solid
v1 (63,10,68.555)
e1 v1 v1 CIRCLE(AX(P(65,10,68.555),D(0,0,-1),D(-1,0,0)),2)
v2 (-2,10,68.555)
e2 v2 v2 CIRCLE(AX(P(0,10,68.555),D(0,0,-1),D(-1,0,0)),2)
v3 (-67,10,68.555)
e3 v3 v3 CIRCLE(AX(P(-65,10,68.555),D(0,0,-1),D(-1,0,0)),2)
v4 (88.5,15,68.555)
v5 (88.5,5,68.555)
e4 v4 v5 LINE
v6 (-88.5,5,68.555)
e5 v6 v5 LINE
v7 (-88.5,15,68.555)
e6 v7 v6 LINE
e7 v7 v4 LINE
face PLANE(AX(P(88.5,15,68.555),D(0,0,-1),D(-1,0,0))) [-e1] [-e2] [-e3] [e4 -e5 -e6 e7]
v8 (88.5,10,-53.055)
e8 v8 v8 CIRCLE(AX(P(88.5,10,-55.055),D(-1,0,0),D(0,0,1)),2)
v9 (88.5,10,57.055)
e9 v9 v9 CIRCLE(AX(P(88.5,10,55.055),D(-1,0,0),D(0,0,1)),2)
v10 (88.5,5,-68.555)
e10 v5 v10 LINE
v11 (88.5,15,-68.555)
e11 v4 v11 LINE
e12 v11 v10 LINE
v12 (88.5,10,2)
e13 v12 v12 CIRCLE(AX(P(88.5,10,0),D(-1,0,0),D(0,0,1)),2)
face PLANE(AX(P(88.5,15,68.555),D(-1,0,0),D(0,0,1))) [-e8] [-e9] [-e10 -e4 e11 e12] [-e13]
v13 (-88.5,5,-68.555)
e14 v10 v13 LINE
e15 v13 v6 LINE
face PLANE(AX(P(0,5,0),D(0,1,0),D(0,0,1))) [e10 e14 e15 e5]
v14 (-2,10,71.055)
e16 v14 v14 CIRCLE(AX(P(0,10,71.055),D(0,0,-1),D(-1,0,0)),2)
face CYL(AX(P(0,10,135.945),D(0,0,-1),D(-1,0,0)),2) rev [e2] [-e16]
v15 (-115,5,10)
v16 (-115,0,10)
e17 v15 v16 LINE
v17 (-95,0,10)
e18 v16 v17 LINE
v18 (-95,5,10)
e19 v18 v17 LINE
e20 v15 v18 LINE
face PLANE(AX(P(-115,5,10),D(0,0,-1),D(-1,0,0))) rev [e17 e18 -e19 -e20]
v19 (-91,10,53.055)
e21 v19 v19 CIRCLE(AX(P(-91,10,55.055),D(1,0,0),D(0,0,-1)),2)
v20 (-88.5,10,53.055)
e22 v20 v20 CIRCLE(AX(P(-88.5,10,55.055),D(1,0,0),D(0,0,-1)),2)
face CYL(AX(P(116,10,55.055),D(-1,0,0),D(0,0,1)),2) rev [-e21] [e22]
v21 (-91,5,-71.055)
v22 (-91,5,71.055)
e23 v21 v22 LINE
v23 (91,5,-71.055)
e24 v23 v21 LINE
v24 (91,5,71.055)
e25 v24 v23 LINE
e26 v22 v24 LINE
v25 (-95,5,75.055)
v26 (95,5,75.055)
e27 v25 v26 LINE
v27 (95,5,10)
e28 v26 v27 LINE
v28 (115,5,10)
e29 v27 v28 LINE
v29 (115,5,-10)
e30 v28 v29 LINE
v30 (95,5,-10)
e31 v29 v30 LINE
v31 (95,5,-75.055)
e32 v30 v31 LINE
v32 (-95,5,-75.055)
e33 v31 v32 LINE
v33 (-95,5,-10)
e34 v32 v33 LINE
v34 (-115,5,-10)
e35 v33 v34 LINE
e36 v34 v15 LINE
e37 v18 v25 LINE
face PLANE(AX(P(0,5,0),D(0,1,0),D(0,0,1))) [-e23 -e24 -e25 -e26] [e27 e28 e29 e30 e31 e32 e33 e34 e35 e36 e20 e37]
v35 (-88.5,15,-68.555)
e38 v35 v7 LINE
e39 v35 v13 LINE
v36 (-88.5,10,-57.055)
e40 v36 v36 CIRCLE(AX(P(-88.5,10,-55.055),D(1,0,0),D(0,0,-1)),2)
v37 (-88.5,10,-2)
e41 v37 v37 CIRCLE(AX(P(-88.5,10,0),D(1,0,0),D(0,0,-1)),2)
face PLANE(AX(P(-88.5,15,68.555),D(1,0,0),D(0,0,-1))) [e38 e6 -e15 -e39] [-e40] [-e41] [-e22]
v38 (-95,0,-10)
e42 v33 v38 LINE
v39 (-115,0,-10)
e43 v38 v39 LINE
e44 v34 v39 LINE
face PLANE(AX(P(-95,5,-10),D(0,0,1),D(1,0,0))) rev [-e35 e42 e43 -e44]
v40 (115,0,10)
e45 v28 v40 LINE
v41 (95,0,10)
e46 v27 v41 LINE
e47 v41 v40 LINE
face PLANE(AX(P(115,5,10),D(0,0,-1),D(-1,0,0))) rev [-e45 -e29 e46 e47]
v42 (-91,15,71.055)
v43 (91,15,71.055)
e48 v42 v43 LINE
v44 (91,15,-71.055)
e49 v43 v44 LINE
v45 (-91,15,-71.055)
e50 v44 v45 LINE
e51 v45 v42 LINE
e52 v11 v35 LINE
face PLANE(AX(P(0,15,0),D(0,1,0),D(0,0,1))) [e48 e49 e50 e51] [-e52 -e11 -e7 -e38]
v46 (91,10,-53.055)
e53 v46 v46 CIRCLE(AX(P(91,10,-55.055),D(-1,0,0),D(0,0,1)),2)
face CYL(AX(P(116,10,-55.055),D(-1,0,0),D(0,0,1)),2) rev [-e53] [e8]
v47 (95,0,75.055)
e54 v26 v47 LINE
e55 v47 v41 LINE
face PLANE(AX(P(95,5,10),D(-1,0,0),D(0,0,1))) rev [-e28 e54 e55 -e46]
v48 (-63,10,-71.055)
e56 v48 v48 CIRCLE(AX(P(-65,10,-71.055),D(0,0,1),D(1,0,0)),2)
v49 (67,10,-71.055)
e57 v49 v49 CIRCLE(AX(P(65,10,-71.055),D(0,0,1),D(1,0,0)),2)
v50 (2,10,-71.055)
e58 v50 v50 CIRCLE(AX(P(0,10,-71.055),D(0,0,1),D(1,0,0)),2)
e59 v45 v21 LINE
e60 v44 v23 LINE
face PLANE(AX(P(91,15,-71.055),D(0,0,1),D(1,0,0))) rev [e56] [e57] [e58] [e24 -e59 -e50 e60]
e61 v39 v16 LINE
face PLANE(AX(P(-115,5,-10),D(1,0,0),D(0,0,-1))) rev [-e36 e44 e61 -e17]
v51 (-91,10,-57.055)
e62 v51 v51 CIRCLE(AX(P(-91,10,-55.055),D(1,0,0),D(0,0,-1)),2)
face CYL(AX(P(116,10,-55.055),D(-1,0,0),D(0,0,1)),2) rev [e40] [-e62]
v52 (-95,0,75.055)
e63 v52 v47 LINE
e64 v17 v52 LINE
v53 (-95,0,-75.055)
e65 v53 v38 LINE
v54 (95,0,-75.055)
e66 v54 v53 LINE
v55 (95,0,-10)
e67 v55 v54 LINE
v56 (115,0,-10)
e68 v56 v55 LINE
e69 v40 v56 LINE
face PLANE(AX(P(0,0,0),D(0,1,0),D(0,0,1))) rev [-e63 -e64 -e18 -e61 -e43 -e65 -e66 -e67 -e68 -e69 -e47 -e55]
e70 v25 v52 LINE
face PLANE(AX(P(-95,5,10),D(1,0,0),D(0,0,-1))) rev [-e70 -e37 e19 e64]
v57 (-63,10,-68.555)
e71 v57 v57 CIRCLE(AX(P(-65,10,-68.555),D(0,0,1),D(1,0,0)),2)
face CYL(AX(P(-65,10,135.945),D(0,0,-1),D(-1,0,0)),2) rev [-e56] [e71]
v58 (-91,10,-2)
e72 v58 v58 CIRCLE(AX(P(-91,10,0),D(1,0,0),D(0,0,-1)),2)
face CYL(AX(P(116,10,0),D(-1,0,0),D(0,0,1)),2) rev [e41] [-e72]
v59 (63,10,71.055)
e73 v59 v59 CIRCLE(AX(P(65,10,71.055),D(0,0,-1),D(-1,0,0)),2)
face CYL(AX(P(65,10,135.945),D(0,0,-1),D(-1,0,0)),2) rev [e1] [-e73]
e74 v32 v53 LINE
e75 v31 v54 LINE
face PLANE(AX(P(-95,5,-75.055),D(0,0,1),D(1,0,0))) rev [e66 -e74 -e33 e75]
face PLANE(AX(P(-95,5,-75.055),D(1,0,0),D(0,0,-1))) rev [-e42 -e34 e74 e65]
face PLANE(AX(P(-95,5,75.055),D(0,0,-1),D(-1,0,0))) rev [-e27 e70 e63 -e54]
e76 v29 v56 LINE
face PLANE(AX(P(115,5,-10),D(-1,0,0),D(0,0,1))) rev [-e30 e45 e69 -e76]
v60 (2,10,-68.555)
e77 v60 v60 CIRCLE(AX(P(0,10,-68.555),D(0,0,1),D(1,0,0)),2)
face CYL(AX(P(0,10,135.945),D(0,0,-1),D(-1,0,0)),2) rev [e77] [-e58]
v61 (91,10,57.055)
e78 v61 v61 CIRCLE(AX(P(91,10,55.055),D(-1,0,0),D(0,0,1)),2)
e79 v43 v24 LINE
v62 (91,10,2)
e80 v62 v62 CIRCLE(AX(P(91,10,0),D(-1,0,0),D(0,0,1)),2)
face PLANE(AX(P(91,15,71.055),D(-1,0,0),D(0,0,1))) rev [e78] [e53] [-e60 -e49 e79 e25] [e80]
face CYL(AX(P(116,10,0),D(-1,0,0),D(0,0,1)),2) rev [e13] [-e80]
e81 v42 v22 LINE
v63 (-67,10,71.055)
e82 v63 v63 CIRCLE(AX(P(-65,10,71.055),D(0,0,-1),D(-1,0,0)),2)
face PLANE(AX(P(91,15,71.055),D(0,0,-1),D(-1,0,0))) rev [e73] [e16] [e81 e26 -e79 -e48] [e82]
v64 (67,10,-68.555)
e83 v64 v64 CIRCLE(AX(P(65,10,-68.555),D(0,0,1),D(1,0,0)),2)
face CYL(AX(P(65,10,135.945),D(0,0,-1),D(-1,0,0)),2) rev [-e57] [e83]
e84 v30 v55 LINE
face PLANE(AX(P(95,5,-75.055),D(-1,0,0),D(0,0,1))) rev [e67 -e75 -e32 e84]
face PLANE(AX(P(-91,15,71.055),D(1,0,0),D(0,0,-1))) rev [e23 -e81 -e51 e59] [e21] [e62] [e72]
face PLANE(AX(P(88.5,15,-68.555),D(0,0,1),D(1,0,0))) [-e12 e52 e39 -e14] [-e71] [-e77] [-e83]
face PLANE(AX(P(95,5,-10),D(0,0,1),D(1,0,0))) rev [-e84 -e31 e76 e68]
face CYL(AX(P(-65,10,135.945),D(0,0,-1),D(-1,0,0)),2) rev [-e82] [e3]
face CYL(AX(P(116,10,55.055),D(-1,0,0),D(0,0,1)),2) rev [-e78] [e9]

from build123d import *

# Parameters (mm, degrees)
BOSS_EXTRUDE1_DEPTH = 5
SKETCH3_W           = 182
SKETCH3_H           = 142.11
SKETCH3_W_2         = 177
SKETCH3_H_2         = 137.11
BOSS_EXTRUDE2_DEPTH = 10
SKETCH6_R           = 2
CUT_EXTRUDE3_DEPTH  = 211
SKETCH8_R           = 2
CUT_EXTRUDE4_DEPTH  = 211


with BuildPart() as part:
    # Sketch1 → Boss-Extrude1 (new body)
    with BuildSketch(Plane(origin=(0, 0, 0), x_dir=(1, 0, 0), z_dir=(0, 1, 0))):
        Polygon((-95, 75.055), (95, 75.055), (95, 10), (115, 10), (115, -10), (95, -10), (95, -75.055), (-95, -75.055), (-95, -10), (-115, -10), (-115, 10), (-95, 10), align=None)
    extrude(amount=BOSS_EXTRUDE1_DEPTH)

    # Sketch3 → Boss-Extrude2 (add)
    with BuildSketch(Plane(origin=(0, 5, 0), x_dir=(1, 0, 0), z_dir=(0, 1, 0))):
        Rectangle(SKETCH3_W, SKETCH3_H)
        Rectangle(SKETCH3_W_2, SKETCH3_H_2, mode=Mode.SUBTRACT)
    extrude(amount=BOSS_EXTRUDE2_DEPTH)

    # Sketch6 → Cut-Extrude3 (cut)
    with BuildSketch(Plane(origin=(0, 0, -75.055), x_dir=(-1, 0, 0), z_dir=(0, 0, -1))):
        with Locations((65, 10)):
            Circle(SKETCH6_R)
        with Locations((0, 10)):
            Circle(SKETCH6_R)
        with Locations((-65, 10)):
            Circle(SKETCH6_R)
    extrude(amount=-CUT_EXTRUDE3_DEPTH, mode=Mode.SUBTRACT)

    # Sketch8 → Cut-Extrude4 (cut)
    with BuildSketch(Plane.ZY.offset(95)):
        with Locations(Location((55.055, 10, 0), (0, 0, 180))):
            Circle(SKETCH8_R)
        with Locations(Location((0, 10, 0), (0, 0, 180))):
            Circle(SKETCH8_R)
        with Locations(Location((-55.055, 10, 0), (0, 0, 180))):
            Circle(SKETCH8_R)
    extrude(amount=-CUT_EXTRUDE4_DEPTH, mode=Mode.SUBTRACT)


solid = part.part
